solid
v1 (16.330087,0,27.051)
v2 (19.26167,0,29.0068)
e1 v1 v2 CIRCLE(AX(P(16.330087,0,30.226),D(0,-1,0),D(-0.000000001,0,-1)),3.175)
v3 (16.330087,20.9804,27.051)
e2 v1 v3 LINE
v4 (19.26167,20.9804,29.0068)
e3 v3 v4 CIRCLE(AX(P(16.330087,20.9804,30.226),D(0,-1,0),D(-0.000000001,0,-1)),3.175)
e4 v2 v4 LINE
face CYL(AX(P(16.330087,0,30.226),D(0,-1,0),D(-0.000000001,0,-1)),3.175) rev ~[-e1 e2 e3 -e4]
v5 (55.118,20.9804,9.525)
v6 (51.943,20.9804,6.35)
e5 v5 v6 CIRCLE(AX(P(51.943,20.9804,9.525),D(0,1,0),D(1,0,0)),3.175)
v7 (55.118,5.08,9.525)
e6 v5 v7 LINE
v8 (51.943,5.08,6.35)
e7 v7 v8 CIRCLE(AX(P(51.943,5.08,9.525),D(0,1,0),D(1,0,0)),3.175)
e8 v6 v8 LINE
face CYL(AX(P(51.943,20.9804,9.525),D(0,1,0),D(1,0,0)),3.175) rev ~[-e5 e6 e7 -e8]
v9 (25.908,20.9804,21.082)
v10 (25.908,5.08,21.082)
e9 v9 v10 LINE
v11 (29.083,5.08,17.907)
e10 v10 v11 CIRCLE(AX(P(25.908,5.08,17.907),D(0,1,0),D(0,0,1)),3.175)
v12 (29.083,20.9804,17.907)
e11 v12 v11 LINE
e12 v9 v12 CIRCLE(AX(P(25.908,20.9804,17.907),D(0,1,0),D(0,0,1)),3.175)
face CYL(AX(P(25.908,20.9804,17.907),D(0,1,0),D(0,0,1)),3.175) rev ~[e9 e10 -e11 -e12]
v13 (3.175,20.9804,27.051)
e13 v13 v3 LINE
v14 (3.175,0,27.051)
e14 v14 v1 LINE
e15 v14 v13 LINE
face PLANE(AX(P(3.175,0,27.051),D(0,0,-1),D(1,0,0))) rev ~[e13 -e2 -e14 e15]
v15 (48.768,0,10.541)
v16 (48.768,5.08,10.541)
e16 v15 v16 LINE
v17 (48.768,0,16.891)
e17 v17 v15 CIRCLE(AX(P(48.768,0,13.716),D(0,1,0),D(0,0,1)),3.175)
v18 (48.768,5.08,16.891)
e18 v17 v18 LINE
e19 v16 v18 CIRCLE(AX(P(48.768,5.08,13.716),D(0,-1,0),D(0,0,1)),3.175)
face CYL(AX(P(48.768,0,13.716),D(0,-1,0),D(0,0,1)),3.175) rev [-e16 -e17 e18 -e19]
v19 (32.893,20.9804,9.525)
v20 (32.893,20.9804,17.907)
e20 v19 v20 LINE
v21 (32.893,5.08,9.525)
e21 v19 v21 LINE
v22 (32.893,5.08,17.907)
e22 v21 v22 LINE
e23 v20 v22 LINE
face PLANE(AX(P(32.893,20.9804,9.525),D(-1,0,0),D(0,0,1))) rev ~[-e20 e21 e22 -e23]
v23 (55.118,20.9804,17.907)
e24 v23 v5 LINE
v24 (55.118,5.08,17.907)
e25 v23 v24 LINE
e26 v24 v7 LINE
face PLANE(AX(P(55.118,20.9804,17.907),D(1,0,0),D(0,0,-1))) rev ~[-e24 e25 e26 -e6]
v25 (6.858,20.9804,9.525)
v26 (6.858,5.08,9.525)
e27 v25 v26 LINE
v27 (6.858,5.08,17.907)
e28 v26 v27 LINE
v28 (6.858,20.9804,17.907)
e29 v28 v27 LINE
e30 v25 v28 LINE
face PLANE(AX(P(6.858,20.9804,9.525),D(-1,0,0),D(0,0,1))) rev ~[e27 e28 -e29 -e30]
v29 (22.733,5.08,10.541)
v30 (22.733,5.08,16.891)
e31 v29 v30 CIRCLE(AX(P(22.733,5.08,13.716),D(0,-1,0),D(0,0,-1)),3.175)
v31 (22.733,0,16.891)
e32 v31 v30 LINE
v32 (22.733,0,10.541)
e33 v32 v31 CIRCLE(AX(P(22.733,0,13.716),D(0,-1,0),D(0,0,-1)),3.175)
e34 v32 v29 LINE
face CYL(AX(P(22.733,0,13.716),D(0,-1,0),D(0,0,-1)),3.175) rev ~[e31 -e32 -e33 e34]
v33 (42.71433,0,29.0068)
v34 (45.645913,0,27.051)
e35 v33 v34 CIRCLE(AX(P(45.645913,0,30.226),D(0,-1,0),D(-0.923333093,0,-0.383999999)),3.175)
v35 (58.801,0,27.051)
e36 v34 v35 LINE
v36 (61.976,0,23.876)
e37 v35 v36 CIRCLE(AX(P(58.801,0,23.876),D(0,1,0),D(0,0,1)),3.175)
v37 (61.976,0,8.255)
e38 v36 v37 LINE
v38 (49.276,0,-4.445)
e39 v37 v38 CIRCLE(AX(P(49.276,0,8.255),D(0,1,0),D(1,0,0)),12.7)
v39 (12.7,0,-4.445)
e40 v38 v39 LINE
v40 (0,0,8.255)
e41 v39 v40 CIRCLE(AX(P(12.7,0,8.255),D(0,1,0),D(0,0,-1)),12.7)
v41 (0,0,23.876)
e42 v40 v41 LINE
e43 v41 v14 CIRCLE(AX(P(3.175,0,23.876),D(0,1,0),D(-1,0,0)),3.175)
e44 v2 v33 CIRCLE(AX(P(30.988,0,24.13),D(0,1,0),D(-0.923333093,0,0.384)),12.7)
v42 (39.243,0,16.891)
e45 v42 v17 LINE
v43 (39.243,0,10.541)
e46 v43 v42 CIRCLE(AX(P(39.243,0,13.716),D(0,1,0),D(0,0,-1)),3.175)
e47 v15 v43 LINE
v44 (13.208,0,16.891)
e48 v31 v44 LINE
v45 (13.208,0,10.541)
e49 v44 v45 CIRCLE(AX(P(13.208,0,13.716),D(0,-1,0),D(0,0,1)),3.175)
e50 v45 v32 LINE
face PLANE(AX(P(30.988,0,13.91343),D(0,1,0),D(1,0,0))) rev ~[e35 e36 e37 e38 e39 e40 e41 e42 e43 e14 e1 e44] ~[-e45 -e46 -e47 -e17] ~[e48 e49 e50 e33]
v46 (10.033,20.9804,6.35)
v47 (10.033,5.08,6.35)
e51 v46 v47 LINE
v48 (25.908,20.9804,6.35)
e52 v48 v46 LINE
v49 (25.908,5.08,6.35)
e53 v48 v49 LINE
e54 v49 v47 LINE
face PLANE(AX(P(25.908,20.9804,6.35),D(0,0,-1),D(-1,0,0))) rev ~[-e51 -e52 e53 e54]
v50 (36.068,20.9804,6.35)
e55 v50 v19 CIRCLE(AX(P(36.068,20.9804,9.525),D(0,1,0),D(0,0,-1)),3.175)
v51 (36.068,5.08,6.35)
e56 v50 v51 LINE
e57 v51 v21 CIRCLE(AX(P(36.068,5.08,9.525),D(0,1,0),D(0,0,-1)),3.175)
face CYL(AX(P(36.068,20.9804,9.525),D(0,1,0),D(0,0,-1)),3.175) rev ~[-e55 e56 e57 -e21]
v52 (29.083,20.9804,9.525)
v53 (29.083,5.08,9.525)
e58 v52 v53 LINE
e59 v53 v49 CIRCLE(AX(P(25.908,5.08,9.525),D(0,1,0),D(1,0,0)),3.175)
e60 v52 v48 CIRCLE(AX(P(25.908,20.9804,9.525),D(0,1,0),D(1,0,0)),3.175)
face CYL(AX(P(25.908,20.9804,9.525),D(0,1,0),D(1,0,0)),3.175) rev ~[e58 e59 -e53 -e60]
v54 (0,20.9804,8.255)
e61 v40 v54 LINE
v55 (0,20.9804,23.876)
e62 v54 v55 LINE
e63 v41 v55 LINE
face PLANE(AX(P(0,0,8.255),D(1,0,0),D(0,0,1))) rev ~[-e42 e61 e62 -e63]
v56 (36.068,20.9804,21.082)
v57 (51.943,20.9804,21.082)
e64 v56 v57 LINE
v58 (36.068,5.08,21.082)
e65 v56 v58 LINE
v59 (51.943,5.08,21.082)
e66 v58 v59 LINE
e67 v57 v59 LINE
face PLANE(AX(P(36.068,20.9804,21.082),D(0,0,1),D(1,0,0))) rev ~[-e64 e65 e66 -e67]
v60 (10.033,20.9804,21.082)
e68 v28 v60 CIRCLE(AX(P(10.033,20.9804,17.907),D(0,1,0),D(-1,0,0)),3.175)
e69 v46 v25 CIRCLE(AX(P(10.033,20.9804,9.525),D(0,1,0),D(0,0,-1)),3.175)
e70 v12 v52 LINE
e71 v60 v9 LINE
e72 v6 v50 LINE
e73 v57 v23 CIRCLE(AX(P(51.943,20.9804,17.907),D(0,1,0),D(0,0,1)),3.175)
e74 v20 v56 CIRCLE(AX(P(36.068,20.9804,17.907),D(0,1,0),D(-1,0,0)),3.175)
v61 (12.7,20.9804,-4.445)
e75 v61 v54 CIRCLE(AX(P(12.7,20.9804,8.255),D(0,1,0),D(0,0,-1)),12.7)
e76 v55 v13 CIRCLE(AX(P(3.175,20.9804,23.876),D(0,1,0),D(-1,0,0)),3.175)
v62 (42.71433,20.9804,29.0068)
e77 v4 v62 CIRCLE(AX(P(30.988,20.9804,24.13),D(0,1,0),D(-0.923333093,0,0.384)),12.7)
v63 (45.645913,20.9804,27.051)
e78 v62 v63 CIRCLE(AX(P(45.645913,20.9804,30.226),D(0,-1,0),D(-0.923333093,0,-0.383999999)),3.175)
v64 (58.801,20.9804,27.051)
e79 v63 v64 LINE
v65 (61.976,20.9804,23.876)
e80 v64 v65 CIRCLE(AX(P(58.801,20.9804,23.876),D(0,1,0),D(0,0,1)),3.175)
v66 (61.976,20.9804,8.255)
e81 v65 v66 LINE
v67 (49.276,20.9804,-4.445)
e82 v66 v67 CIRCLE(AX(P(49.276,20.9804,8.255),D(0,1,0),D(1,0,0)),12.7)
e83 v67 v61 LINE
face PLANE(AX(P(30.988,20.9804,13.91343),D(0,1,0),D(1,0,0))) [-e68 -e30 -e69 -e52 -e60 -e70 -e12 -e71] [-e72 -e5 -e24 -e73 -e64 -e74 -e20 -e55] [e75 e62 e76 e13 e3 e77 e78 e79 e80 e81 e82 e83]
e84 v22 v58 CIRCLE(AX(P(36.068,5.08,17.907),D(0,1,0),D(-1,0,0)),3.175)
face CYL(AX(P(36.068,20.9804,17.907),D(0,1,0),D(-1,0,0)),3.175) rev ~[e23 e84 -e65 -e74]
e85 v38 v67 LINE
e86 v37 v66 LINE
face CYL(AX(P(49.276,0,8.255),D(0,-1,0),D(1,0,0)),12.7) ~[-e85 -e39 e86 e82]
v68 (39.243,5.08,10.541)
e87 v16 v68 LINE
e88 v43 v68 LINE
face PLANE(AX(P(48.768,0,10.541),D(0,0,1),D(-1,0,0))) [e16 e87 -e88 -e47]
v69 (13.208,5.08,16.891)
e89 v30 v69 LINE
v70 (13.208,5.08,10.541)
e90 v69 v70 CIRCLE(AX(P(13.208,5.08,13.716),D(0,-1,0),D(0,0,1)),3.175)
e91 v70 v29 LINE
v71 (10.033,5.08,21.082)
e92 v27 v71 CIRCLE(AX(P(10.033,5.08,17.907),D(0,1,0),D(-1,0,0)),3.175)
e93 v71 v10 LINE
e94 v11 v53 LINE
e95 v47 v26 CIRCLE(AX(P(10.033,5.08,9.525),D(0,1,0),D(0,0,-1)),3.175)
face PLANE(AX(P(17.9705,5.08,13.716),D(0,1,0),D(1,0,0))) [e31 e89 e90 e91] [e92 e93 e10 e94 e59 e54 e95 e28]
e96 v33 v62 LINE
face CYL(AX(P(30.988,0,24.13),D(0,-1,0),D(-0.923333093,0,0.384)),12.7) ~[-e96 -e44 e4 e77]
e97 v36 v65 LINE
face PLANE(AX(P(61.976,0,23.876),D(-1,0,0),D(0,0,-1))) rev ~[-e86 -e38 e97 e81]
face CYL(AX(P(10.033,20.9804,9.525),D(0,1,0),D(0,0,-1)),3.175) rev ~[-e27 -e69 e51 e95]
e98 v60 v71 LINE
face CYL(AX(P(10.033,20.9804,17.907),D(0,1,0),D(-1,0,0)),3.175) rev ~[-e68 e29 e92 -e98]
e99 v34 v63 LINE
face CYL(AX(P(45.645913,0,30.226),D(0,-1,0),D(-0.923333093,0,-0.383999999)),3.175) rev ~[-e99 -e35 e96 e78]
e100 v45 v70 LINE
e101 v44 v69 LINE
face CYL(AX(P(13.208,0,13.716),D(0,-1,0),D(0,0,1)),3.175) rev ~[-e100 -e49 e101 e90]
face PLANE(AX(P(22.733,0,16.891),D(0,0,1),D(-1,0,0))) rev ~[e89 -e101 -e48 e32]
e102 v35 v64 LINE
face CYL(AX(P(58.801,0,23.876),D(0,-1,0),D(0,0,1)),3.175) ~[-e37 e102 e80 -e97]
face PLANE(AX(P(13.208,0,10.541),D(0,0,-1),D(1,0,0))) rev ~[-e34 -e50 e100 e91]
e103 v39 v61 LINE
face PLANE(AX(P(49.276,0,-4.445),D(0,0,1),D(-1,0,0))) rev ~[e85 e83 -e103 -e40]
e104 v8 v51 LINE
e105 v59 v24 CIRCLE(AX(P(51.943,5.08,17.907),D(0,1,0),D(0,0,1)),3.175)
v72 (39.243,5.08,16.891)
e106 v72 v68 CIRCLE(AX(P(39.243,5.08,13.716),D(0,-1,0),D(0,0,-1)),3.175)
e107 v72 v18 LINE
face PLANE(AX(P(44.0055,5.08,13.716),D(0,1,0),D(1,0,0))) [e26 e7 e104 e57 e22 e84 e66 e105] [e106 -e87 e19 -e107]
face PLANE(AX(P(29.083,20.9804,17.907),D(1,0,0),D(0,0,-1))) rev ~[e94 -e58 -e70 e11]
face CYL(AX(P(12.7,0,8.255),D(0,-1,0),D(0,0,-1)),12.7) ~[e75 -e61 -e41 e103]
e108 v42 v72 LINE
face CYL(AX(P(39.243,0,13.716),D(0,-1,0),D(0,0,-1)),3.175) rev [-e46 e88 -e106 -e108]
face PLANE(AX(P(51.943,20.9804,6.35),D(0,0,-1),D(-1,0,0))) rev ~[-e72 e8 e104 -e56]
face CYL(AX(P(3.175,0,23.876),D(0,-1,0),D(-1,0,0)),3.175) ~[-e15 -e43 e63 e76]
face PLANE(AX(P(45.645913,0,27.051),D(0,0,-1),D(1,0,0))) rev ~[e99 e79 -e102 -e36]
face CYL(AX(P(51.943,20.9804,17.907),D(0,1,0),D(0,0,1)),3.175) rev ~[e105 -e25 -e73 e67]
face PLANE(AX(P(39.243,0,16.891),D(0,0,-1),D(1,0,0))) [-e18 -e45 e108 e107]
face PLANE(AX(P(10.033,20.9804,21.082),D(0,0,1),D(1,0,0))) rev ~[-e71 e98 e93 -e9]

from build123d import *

# Parameters (mm, degrees)
BOSS_EXTRUDE1_DEPTH = 20.9804
CUT_EXTRUDE1_DEPTH  = 15.9004


with BuildPart() as part:
    # Sketch1 → Boss-Extrude1 (new body)
    with BuildSketch(Plane(origin=(0, 0, 0), x_dir=(1, 0, 0), z_dir=(0, 1, 0))):
        with BuildLine():
            Line((0, -8.255), (0, -23.876))
            ThreePointArc((0, -23.876), (0.92993597, -26.12106403), (3.175, -27.051))
            Line((3.175, -27.051), (16.330087154, -27.051))
            ThreePointArc((16.330087154, -27.051), (18.092140644, -27.584827438), (19.261669723, -29.0068))
            ThreePointArc((19.261669723, -29.0068), (30.988, -36.83), (42.714330277, -29.0068))
            ThreePointArc((42.714330277, -29.0068), (43.883859356, -27.584827438), (45.645912846, -27.051))
            Line((45.645912846, -27.051), (58.801, -27.051))
            ThreePointArc((58.801, -27.051), (61.04606403, -26.12106403), (61.976, -23.876))
            Line((61.976, -23.876), (61.976, -8.255))
            ThreePointArc((61.976, -8.255), (58.256256121, 0.725256121), (49.276, 4.445))
            Line((49.276, 4.445), (12.7, 4.445))
            ThreePointArc((12.7, 4.445), (3.719743879, 0.725256121), (0, -8.255))
        make_face()
        with BuildLine():
            Line((13.208, -10.541), (22.733, -10.541))
            ThreePointArc((22.733, -10.541), (25.908, -13.716), (22.733, -16.891))
            Line((22.733, -16.891), (13.208, -16.891))
            ThreePointArc((13.208, -16.891), (10.033, -13.716), (13.208, -10.541))
        make_face(mode=Mode.SUBTRACT)
        with BuildLine():
            Line((48.768, -10.541), (39.243, -10.541))
            ThreePointArc((39.243, -10.541), (36.068, -13.716), (39.243, -16.891))
            Line((39.243, -16.891), (48.768, -16.891))
            ThreePointArc((48.768, -16.891), (51.943, -13.716), (48.768, -10.541))
        make_face(mode=Mode.SUBTRACT)
    extrude(amount=BOSS_EXTRUDE1_DEPTH)

    # Sketch2 → Cut-Extrude1 (cut)
    with BuildSketch(Plane(origin=(0, 20.9804, 0), x_dir=(1, 0, 0), z_dir=(0, 1, 0))):
        with BuildLine():
            Line((6.858, -9.525), (6.858, -17.907))
            ThreePointArc((6.858, -17.907), (7.78793597, -20.15206403), (10.033, -21.082))
            Line((10.033, -21.082), (25.908, -21.082))
            ThreePointArc((25.908, -21.082), (28.15306403, -20.15206403), (29.083, -17.907))
            Line((29.083, -17.907), (29.083, -9.525))
            ThreePointArc((29.083, -9.525), (28.15306403, -7.27993597), (25.908, -6.35))
            Line((25.908, -6.35), (10.033, -6.35))
            ThreePointArc((10.033, -6.35), (7.78793597, -7.27993597), (6.858, -9.525))
        make_face()
        with BuildLine():
            Line((51.943, -6.35), (36.068, -6.35))
            ThreePointArc((36.068, -6.35), (33.82293597, -7.27993597), (32.893, -9.525))
            Line((32.893, -9.525), (32.893, -17.907))
            ThreePointArc((32.893, -17.907), (33.82293597, -20.15206403), (36.068, -21.082))
            Line((36.068, -21.082), (51.943, -21.082))
            ThreePointArc((51.943, -21.082), (54.18806403, -20.15206403), (55.118, -17.907))
            Line((55.118, -17.907), (55.118, -9.525))
            ThreePointArc((55.118, -9.525), (54.18806403, -7.27993597), (51.943, -6.35))
        make_face()
    extrude(amount=-CUT_EXTRUDE1_DEPTH, mode=Mode.SUBTRACT)


solid = part.part
